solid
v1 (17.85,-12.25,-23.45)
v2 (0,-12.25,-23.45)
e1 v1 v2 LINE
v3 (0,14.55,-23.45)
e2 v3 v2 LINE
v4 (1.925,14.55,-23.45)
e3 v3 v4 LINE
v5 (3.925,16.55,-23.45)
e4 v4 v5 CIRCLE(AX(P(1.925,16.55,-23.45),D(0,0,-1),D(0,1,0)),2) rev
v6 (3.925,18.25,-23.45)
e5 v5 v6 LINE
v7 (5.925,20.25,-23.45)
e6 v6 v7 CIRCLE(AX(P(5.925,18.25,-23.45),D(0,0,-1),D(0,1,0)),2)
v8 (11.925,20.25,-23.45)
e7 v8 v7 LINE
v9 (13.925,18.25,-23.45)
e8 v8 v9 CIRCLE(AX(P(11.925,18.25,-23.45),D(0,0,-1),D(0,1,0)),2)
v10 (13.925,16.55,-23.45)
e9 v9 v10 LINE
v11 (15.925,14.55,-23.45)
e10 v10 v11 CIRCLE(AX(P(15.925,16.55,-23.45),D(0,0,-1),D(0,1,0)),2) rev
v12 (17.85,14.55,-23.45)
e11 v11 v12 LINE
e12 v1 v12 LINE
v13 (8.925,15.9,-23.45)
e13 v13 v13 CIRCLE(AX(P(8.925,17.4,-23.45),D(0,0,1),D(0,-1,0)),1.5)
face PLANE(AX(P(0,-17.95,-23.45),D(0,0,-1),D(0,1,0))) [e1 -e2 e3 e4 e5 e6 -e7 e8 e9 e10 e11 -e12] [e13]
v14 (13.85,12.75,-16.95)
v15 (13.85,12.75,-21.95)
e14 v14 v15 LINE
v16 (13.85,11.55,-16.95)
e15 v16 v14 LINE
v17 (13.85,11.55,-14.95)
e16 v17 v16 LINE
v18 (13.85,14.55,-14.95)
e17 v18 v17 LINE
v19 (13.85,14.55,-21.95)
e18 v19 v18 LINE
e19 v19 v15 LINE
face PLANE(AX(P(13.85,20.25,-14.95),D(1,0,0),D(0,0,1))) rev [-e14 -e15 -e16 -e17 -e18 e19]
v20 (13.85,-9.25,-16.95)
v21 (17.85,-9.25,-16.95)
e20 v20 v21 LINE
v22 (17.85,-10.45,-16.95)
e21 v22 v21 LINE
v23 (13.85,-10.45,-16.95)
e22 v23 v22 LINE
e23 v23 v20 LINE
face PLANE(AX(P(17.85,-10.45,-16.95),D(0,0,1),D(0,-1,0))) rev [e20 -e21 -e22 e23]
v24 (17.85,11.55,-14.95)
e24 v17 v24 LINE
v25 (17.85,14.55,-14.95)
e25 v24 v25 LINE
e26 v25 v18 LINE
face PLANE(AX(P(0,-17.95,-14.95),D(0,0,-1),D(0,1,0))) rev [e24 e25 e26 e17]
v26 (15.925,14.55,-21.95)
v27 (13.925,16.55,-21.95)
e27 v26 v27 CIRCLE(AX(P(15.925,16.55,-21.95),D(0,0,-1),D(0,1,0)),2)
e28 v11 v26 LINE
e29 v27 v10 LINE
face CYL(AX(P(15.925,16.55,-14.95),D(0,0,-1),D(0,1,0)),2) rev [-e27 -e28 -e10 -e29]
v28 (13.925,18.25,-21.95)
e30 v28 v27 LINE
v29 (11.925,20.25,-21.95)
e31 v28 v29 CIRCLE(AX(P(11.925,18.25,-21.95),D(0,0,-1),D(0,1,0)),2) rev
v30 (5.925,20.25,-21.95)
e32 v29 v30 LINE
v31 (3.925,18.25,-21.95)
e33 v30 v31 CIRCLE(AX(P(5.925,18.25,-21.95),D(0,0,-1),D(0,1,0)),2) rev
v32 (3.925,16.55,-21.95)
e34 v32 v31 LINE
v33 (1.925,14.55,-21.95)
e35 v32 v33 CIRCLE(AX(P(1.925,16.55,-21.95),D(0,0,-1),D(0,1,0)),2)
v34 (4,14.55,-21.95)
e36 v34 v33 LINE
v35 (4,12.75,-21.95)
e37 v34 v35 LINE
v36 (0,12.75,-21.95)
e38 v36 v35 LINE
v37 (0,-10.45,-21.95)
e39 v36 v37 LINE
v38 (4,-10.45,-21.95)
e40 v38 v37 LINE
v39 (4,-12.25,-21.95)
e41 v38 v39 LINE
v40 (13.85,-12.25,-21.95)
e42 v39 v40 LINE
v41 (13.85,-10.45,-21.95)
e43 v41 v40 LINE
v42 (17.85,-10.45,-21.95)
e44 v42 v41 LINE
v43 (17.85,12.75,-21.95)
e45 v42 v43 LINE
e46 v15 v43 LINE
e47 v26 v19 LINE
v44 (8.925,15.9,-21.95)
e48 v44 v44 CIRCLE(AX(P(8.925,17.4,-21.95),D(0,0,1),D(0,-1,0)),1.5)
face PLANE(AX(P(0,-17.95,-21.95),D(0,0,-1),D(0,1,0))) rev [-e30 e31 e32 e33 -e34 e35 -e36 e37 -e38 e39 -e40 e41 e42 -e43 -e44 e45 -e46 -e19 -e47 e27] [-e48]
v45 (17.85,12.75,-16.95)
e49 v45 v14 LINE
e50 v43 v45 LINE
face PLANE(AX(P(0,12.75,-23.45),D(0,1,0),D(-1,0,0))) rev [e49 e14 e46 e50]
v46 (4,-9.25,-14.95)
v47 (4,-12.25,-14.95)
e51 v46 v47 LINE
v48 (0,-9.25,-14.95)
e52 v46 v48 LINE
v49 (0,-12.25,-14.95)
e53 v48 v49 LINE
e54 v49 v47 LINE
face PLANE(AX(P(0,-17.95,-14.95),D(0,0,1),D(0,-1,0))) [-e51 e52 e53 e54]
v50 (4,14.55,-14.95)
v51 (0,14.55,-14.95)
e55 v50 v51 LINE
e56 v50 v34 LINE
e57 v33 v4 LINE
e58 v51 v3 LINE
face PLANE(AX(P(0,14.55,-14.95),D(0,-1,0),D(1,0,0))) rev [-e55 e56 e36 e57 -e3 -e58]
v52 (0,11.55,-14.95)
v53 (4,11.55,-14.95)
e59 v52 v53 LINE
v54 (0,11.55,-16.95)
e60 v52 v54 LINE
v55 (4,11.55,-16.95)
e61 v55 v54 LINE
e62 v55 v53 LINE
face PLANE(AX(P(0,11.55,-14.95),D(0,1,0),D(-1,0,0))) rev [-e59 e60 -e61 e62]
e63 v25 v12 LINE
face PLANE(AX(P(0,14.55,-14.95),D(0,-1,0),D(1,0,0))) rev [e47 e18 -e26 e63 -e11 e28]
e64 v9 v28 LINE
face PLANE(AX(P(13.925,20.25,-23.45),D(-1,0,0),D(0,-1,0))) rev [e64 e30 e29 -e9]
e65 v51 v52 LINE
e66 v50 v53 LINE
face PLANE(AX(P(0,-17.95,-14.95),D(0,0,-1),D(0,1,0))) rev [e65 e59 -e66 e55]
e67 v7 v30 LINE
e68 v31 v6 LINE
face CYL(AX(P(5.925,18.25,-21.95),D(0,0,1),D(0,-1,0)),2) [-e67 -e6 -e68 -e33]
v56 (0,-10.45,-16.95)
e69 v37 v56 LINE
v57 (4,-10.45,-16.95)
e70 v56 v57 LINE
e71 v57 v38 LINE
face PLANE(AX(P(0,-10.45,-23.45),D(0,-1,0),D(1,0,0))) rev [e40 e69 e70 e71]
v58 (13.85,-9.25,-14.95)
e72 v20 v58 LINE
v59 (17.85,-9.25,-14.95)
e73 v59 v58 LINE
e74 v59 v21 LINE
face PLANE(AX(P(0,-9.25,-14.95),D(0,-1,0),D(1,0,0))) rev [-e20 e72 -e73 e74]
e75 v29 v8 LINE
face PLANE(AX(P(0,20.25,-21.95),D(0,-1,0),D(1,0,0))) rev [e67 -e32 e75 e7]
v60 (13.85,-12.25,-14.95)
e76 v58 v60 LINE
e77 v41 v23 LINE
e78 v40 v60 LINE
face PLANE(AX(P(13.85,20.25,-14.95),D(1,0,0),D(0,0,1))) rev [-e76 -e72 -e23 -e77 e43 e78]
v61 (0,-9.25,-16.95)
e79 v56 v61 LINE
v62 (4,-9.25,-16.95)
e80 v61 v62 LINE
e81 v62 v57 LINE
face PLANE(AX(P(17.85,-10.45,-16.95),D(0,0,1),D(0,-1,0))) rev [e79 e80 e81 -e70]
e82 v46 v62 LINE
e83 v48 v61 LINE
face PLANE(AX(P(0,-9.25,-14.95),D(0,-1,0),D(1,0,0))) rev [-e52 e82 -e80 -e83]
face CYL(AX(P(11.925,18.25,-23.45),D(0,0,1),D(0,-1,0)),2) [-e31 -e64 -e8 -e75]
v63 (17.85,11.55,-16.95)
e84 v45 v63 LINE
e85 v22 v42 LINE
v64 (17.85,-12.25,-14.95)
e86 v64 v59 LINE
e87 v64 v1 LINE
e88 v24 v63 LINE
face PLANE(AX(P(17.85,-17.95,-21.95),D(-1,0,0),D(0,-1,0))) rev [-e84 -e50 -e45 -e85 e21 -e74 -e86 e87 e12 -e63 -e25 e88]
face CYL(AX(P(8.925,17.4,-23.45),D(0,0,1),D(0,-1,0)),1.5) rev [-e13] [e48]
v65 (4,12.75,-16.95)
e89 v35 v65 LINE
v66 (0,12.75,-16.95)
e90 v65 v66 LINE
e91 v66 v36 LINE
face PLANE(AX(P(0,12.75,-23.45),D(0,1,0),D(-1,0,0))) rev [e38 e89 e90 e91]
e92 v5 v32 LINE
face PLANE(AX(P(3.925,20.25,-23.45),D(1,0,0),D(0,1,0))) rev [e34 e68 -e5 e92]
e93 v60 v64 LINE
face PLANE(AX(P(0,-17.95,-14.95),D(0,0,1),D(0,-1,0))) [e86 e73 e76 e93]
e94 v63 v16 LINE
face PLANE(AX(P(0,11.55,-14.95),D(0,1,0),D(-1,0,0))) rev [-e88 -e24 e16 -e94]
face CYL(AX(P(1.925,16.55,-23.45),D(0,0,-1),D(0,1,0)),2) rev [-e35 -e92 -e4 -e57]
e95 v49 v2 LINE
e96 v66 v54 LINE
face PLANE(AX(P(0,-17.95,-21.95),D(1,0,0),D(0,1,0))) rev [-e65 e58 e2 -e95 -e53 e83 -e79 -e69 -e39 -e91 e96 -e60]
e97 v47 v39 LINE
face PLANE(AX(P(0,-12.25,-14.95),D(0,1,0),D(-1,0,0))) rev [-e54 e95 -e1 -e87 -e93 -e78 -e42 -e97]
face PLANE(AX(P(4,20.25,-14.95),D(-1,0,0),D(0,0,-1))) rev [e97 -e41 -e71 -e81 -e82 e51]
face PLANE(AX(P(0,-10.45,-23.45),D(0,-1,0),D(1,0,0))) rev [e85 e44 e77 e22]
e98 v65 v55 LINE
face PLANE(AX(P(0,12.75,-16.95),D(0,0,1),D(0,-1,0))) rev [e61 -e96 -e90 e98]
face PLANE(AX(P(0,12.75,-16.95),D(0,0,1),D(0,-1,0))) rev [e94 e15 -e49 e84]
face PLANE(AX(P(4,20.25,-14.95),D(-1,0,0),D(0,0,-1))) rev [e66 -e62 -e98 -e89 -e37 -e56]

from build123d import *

# Parameters (mm, degrees)
SKETCH1_W             = 17.85
SKETCH1_H             = 38.2
BOSS_EXTRUDE1_DEPTH   = 1.5
SKETCH2_W             = 17.85
SKETCH2_H             = 3
BOSS_EXTRUDE2_DEPTH   = 7
SKETCH3_W             = 17.85
SKETCH3_H             = 5
CUT_EXTRUDE1_DEPTH    = 1.2
SKETCH4_W             = 17.85
SKETCH4_H             = 5
CUT_EXTRUDE2_DEPTH    = 1.2
SKETCH5_R             = 1.5
CUT_EXTRUDE3_DEPTH    = 43.741812081
SKETCH7_W             = 17.85
SKETCH7_H             = 5.7
CUT_EXTRUDE4_DEPTH    = 44.012934101
SKETCH8_W             = 9.85
SKETCH8_H             = 7
CUT_EXTRUDE5_DEPTH    = 39.04106334
SKETCH9_W             = 3.925
SKETCH9_H             = 5.7
CUT_EXTRUDE6_DEPTH    = 43.741812081
FILLET1_R             = 2
BODY_MOVE_COPY1_ANGLE = 90


with BuildPart() as part:
    # Sketch1 → Boss-Extrude1 (new body)
    with BuildSketch(Plane(origin=(0, 0, 0), x_dir=(1, 0, 0), z_dir=(0, 1, 0))):
        with Locations((8.925, 19.1)):
            Rectangle(SKETCH1_W, SKETCH1_H)
    extrude(amount=BOSS_EXTRUDE1_DEPTH)

    # Sketch2 → Boss-Extrude2 (add)
    with BuildSketch(Plane(origin=(0, 1.5, 0), x_dir=(1, 0, 0), z_dir=(0, 1, 0))):
        with Locations((8.925, 31)):
            Rectangle(SKETCH2_W, SKETCH2_H)
        with Locations((8.925, 7.2)):
            Rectangle(SKETCH2_W, SKETCH2_H)
    extrude(amount=BOSS_EXTRUDE2_DEPTH)

    # Sketch3 → Cut-Extrude1 (cut)
    with BuildSketch(Plane.XY.offset(-29.5)):
        with Locations((8.925, 4)):
            Rectangle(SKETCH3_W, SKETCH3_H)
    extrude(amount=-CUT_EXTRUDE1_DEPTH, mode=Mode.SUBTRACT)

    # Sketch4 → Cut-Extrude2 (cut)
    with BuildSketch(Plane(origin=(0, 0, -8.7), x_dir=(-1, 0, 0), z_dir=(0, 0, -1))):
        with Locations((-8.925, 4)):
            Rectangle(SKETCH4_W, SKETCH4_H)
    extrude(amount=-CUT_EXTRUDE2_DEPTH, mode=Mode.SUBTRACT)

    # Sketch5 → Cut-Extrude3 (cut, through all)
    with BuildSketch(Plane(origin=(0, 1.5, 0), x_dir=(1, 0, 0), z_dir=(0, 1, 0))):
        with Locations(Location((8.925, 35.35, 0), (0, 0, 270))):
            Circle(SKETCH5_R)
        with Locations(Location((8.925, 2.85, 0), (0, 0, 270))):
            Circle(SKETCH5_R)
    extrude(amount=-CUT_EXTRUDE3_DEPTH, mode=Mode.SUBTRACT)

    # Sketch7 → Cut-Extrude4 (cut, through all)
    with BuildSketch(Plane(origin=(0, 0, 0), x_dir=(1, 0, 0), z_dir=(0, 1, 0))):
        with Locations((8.925, 2.85)):
            Rectangle(SKETCH7_W, SKETCH7_H)
    extrude(amount=CUT_EXTRUDE4_DEPTH, mode=Mode.SUBTRACT)

    # Sketch8 → Cut-Extrude5 (cut, through all)
    with BuildSketch(Plane.XY.offset(-5.7)):
        with Locations((8.925, 5)):
            Rectangle(SKETCH8_W, SKETCH8_H)
    extrude(amount=-CUT_EXTRUDE5_DEPTH, mode=Mode.SUBTRACT)

    # Sketch9 → Cut-Extrude6 (cut, through all)
    with BuildSketch(Plane(origin=(0, 1.5, 0), x_dir=(1, 0, 0), z_dir=(0, 1, 0))):
        with Locations((1.9625, 35.35)):
            Rectangle(SKETCH9_W, SKETCH9_H)
        with Locations((15.8875, 35.35)):
            Rectangle(SKETCH9_W, SKETCH9_H)
    extrude(amount=-CUT_EXTRUDE6_DEPTH, mode=Mode.SUBTRACT)

    # Fillet1
    fillet1_edges = [part.edges().sort_by_distance(p)[0] for p in [
        (3.925, 0.75, -38.2),
        (3.925, 0.75, -32.5),
        (13.925, 0.75, -38.2),
        (13.925, 0.75, -32.5),
    ]]
    fillet(fillet1_edges, radius=FILLET1_R)


with BuildPart() as part_1:
    # Body-Move/Copy1: moved
    add(part.part.rotate(Axis((0, 2.75, -20.7), (1, 0, 0)), BODY_MOVE_COPY1_ANGLE))


solid = part_1.part
